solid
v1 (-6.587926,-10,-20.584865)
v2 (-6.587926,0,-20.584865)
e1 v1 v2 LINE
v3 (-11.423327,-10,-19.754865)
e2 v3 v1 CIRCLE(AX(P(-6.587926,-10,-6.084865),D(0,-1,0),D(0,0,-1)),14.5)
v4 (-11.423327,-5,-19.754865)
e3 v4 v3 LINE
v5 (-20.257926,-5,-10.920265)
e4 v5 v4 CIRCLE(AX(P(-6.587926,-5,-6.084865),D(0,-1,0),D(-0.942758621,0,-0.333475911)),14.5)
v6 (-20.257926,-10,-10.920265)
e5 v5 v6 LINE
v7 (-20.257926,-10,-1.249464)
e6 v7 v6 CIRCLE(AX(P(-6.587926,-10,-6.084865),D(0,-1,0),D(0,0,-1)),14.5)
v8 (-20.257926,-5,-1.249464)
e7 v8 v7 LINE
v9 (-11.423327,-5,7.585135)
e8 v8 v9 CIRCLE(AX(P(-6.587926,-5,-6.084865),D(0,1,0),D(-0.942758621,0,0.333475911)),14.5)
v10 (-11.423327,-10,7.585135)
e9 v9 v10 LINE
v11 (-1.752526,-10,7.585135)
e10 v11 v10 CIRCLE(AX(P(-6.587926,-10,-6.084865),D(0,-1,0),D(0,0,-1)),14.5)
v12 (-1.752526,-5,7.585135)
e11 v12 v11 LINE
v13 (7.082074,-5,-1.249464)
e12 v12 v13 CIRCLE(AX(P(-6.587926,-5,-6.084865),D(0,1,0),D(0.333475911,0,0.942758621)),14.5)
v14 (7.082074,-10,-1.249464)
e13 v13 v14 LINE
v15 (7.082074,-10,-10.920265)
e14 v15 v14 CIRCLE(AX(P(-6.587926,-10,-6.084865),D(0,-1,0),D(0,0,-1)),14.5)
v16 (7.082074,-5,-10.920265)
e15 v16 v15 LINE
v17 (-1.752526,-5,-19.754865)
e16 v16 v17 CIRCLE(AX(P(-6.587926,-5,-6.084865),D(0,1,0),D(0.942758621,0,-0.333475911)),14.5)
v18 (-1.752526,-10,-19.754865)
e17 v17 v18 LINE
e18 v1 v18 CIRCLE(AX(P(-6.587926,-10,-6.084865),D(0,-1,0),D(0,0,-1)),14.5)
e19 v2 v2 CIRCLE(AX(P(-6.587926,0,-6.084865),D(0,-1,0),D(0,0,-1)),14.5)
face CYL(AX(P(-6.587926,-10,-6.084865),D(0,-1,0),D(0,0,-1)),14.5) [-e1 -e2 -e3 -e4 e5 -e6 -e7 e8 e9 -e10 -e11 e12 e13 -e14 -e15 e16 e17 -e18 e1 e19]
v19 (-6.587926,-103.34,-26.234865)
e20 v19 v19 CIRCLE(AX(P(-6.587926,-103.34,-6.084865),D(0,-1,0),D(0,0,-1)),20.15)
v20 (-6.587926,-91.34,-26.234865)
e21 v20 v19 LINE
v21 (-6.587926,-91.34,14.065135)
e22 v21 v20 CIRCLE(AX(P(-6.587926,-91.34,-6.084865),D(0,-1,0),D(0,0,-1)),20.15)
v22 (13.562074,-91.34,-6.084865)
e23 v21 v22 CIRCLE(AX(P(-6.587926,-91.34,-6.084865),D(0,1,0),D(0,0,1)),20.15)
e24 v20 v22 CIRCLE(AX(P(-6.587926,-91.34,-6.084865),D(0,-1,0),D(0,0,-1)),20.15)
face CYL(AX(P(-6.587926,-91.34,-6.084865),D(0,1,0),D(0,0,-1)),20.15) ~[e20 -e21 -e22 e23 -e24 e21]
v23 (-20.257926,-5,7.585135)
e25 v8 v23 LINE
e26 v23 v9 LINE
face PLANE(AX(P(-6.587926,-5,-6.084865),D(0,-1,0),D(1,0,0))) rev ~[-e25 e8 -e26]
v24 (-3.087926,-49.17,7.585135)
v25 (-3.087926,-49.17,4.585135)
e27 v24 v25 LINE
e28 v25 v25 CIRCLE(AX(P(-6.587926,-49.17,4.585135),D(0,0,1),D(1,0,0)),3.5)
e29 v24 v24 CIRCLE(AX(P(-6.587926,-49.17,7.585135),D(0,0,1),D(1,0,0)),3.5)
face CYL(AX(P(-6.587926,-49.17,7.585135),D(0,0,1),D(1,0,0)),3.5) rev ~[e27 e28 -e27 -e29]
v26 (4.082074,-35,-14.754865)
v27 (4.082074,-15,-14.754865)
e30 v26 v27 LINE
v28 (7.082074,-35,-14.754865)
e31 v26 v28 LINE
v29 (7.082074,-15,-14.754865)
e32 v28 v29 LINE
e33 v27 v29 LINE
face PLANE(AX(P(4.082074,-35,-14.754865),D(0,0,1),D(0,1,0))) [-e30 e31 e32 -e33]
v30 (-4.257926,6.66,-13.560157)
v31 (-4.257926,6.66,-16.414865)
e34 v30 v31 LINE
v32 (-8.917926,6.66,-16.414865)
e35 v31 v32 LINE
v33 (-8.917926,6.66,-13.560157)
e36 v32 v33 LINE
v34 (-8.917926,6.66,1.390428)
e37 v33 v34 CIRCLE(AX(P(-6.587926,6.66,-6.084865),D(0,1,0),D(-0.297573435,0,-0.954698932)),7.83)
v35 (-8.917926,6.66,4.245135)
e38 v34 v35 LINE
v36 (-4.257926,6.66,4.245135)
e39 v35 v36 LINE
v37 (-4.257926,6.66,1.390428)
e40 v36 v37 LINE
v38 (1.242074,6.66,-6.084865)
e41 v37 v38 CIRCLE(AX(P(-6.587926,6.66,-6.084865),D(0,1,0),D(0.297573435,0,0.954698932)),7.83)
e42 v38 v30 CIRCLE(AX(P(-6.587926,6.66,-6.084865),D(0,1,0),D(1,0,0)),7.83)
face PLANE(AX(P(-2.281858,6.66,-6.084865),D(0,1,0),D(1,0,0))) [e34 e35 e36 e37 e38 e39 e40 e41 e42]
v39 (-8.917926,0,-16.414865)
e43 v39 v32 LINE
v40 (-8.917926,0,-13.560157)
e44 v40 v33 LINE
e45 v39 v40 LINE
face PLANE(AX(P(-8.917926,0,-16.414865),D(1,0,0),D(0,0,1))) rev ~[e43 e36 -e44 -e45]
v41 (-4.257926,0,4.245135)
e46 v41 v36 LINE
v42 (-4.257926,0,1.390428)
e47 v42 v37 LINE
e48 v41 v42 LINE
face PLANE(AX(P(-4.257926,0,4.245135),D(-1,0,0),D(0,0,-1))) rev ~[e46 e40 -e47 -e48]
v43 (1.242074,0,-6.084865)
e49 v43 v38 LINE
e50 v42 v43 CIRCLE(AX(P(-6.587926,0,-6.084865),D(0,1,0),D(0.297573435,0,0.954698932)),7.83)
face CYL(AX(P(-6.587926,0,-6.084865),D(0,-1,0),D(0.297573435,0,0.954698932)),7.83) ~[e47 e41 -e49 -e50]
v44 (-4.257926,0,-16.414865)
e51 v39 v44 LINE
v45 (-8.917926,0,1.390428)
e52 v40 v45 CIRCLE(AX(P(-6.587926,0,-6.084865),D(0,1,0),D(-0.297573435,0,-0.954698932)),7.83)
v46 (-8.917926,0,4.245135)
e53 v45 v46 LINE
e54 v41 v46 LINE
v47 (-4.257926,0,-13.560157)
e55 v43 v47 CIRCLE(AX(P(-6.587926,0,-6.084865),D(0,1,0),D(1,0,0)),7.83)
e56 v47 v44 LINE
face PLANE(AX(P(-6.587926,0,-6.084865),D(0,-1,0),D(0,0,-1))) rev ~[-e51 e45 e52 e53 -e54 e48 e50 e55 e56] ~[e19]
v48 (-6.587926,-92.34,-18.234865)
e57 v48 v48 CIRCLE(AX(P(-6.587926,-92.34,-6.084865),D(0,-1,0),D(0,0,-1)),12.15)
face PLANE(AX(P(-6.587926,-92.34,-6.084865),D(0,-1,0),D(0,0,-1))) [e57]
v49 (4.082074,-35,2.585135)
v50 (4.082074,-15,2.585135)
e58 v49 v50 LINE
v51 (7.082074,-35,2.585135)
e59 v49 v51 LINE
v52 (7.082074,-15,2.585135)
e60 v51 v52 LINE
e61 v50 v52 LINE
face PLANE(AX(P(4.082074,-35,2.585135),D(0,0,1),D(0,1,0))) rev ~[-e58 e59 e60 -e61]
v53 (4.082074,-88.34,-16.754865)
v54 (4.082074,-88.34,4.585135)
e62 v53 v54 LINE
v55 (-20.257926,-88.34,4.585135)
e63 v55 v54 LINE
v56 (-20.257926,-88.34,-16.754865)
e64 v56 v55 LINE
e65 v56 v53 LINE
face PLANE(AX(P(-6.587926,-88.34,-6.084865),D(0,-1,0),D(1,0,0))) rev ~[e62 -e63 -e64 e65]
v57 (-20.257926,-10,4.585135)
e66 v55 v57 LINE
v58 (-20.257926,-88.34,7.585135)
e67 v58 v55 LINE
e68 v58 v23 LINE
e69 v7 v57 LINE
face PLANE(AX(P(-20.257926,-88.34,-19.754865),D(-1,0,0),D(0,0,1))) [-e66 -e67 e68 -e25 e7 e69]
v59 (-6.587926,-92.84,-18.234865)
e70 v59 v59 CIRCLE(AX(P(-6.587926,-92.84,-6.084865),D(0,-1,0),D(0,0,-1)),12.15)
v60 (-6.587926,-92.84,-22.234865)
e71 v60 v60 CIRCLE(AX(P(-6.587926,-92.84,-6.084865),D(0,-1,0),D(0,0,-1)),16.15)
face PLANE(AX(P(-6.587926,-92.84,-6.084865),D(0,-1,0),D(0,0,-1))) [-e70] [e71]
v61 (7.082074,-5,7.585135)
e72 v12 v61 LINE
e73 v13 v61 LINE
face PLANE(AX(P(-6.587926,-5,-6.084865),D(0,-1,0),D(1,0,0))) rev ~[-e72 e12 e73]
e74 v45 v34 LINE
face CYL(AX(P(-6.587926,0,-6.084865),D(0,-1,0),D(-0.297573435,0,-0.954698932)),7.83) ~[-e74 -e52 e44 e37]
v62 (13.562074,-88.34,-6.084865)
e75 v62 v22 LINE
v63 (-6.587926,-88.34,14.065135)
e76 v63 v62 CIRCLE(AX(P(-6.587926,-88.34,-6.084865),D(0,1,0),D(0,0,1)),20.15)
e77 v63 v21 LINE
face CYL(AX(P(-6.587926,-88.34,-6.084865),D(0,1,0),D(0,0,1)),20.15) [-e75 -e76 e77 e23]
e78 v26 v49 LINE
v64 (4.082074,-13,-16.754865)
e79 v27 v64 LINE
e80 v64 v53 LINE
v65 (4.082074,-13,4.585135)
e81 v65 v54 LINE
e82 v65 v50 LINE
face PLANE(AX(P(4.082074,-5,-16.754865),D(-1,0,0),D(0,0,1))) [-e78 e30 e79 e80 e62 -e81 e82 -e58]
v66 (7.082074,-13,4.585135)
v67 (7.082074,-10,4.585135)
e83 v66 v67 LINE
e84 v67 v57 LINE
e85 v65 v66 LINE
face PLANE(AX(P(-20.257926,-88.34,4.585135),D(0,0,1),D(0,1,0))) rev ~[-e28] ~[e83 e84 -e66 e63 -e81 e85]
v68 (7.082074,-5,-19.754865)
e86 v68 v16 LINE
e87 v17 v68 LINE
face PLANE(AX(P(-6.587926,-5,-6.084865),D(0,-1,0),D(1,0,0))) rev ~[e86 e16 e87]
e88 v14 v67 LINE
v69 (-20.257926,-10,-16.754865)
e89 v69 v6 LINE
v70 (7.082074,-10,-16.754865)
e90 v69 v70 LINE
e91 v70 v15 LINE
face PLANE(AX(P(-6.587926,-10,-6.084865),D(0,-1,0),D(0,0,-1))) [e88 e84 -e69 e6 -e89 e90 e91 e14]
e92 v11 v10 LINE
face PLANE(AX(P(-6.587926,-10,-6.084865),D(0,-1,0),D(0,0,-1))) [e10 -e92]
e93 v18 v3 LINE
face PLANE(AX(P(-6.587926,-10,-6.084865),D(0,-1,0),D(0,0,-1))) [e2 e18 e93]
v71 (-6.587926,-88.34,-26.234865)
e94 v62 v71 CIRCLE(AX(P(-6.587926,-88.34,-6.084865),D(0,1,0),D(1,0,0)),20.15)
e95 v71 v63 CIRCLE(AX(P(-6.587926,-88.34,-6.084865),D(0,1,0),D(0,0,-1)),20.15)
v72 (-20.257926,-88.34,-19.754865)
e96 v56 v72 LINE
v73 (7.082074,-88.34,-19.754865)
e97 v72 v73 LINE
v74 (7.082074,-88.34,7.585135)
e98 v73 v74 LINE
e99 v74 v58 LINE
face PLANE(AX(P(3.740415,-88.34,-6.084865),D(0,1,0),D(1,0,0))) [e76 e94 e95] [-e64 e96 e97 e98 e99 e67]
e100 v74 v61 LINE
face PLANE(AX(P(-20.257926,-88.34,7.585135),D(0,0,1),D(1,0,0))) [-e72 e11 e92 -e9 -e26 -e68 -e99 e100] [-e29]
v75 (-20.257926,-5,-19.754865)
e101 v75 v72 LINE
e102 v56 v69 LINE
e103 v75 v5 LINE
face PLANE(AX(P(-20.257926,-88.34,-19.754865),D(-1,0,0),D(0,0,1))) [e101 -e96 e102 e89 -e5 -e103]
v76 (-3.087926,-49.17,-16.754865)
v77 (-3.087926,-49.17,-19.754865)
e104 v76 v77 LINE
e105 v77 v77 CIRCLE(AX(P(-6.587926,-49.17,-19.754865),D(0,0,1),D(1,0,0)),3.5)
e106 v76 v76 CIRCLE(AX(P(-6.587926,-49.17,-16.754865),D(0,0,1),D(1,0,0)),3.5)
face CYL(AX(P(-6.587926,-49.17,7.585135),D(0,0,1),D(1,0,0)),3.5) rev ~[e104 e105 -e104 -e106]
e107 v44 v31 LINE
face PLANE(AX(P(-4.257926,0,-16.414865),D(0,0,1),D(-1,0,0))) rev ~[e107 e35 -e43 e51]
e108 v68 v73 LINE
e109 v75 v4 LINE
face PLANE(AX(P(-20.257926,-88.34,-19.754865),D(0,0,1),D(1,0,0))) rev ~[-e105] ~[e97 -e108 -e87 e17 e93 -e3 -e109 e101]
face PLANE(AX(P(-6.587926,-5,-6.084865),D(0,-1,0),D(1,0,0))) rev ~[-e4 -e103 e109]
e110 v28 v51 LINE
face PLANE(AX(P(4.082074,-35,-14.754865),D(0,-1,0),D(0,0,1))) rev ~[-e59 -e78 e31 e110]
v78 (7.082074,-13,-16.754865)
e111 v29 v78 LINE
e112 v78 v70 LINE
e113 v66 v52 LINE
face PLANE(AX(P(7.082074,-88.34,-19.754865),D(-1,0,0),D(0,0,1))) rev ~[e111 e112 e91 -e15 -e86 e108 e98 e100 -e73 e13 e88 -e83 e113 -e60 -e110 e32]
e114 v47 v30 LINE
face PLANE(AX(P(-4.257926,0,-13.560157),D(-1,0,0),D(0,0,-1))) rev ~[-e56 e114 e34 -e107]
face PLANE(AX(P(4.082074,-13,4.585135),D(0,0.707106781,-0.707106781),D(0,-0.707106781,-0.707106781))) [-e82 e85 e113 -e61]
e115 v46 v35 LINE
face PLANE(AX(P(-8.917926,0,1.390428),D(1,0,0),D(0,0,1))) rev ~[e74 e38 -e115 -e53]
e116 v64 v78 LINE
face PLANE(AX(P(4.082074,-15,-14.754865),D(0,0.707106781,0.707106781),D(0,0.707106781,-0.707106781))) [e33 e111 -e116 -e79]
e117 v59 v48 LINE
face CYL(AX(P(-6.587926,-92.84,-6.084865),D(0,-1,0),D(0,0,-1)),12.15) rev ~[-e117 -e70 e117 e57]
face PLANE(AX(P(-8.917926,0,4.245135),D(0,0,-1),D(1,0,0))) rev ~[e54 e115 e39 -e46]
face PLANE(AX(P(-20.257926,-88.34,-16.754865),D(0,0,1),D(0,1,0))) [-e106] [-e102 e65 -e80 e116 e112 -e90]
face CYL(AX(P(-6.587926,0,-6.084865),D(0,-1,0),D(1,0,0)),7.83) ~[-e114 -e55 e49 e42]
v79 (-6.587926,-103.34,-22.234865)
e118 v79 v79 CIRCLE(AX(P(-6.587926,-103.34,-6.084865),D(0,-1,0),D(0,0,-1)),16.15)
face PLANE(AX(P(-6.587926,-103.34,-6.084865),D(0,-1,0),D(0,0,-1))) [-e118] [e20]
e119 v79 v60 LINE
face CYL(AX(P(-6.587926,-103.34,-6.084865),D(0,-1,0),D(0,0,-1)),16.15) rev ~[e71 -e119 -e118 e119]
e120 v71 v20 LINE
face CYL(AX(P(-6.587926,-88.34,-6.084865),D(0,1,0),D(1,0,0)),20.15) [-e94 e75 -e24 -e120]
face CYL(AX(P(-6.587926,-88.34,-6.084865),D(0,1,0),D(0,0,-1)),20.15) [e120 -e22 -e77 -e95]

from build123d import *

# Parameters (mm, degrees)
BOSS_EXTRUDE1_DEPTH = 6.66
BOSS_EXTRUDE2_START = 10
SKETCH3_R           = 14.5
BOSS_EXTRUDE2_DEPTH = 10
BOSS_EXTRUDE3_START = -5
SKETCH5_W           = 27.34
SKETCH5_H           = 27.34
SKETCH5_W_2         = 21.34
SKETCH5_H_2         = 21.34
BOSS_EXTRUDE3_DEPTH = 83.34
SKETCH6_W           = 21.34
SKETCH6_H           = 21.34
BOSS_EXTRUDE4_DEPTH = 5
SKETCH8_W           = 21.34
SKETCH8_H           = 78.34
CUT_EXTRUDE1_DEPTH  = 5
SKETCH9_W           = 21.34
SKETCH9_H           = 3
CUT_EXTRUDE2_DEPTH  = 5
SKETCH10_W          = 27.34
SKETCH10_H          = 27.34
BOSS_EXTRUDE5_DEPTH = 3
SKETCH11_R          = 20.15
BOSS_EXTRUDE6_DEPTH = 12
SKETCH12_R          = 16.15
CUT_EXTRUDE3_DEPTH  = 10.5
SKETCH13_R          = 12.15
CUT_EXTRUDE4_DEPTH  = 0.5
BOSS_EXTRUDE7_START = 3
BOSS_EXTRUDE7_DEPTH = 3
SKETCH19_R          = 3.5
CUT_EXTRUDE5_DEPTH  = 112.972606961
SKETCH20_W          = 17.34
SKETCH20_H          = 20
CUT_EXTRUDE6_DEPTH  = 111.983314599
CUT_EXTRUDE7_DEPTH  = 111.983314599


with BuildPart() as part:
    # Sketch2 → Boss-Extrude1 (new body)
    with BuildSketch(Plane(origin=(0, 0, 0), x_dir=(1, 0, 0), z_dir=(0, 1, 0))):
        with BuildLine():
            Line((-4.257926427, 13.560157214), (-4.257926427, -1.390428058))
            ThreePointArc((-4.257926427, -1.390428058), (-0.281073012, 1.444552088), (1.242073573, 6.084864578))
            ThreePointArc((1.242073573, 6.084864578), (-0.281073012, 10.725177067), (-4.257926427, 13.560157214))
        make_face()
        with BuildLine():
            Line((-8.917926427, 13.560157214), (-8.917926427, -1.390428058))
            ThreePointArc((-8.917926427, -1.390428058), (-6.587926427, -1.745135422), (-4.257926427, -1.390428058))
            Line((-4.257926427, -1.390428058), (-4.257926427, 13.560157214))
            ThreePointArc((-4.257926427, 13.560157214), (-6.587926427, 13.914864578), (-8.917926427, 13.560157214))
        make_face()
        with BuildLine():
            Line((-8.917926427, -1.390428058), (-8.917926427, -4.245135422))
            Line((-8.917926427, -4.245135422), (-4.257926427, -4.245135422))
            Line((-4.257926427, -4.245135422), (-4.257926427, -1.390428058))
            ThreePointArc((-4.257926427, -1.390428058), (-6.587926427, -1.745135422), (-8.917926427, -1.390428058))
        make_face()
        with BuildLine():
            ThreePointArc((-8.917926427, 13.560157214), (-14.417926427, 6.084864578), (-8.917926427, -1.390428058))
            Line((-8.917926427, -1.390428058), (-8.917926427, 13.560157214))
        make_face()
        with BuildLine():
            Line((-8.917926427, 16.414864578), (-8.917926427, 13.560157214))
            ThreePointArc((-8.917926427, 13.560157214), (-6.587926427, 13.914864578), (-4.257926427, 13.560157214))
            Line((-4.257926427, 13.560157214), (-4.257926427, 16.414864578))
            Line((-4.257926427, 16.414864578), (-8.917926427, 16.414864578))
        make_face()
    extrude(amount=BOSS_EXTRUDE1_DEPTH)

    # Sketch3 → Boss-Extrude2 (add)
    # profile 1 of 3: a face of its own
    with BuildSketch(Plane.XZ.offset(BOSS_EXTRUDE2_START)):
        with Locations(Location((-6.587926427, -6.084864578, 0), (0, 0, 270))):
            Circle(SKETCH3_R)
        with BuildLine():
            ThreePointArc((-4.257926427, -13.560157214), (1.242073573, -6.084864578), (-4.257926427, 1.390428058))
            Line((-4.257926427, 1.390428058), (-4.257926427, 4.245135422))
            Line((-4.257926427, 4.245135422), (-8.917926427, 4.245135422))
            Line((-8.917926427, 4.245135422), (-8.917926427, 1.390428058))
            ThreePointArc((-8.917926427, 1.390428058), (-14.417926427, -6.084864578), (-8.917926427, -13.560157214))
            Line((-8.917926427, -13.560157214), (-8.917926427, -16.414864578))
            Line((-8.917926427, -16.414864578), (-4.257926427, -16.414864578))
            Line((-4.257926427, -16.414864578), (-4.257926427, -13.560157214))
        make_face(mode=Mode.SUBTRACT)
    # profile 2 of 3: a face of its own
    with BuildSketch(Plane.XZ.offset(BOSS_EXTRUDE2_START)):
        with BuildLine():
            Line((-4.257926427, 4.245135422), (-6.587926427, 4.245135422))
            Line((-6.587926427, 4.245135422), (-6.587926427, -16.414864578))
            Line((-6.587926427, -16.414864578), (-4.257926427, -16.414864578))
            Line((-4.257926427, -16.414864578), (-4.257926427, -13.560157214))
            ThreePointArc((-4.257926427, -13.560157214), (1.242073573, -6.084864578), (-4.257926427, 1.390428058))
            Line((-4.257926427, 1.390428058), (-4.257926427, 4.245135422))
        make_face()
    # profile 3 of 3: a face of its own
    with BuildSketch(Plane.XZ.offset(BOSS_EXTRUDE2_START)):
        with BuildLine():
            Line((-6.587926427, -16.414864578), (-6.587926427, 4.245135422))
            Line((-6.587926427, 4.245135422), (-8.917926427, 4.245135422))
            Line((-8.917926427, 4.245135422), (-8.917926427, 1.390428058))
            ThreePointArc((-8.917926427, 1.390428058), (-14.417926427, -6.084864578), (-8.917926427, -13.560157214))
            Line((-8.917926427, -13.560157214), (-8.917926427, -16.414864578))
            Line((-8.917926427, -16.414864578), (-6.587926427, -16.414864578))
        make_face()
    extrude(amount=-BOSS_EXTRUDE2_DEPTH)

    # Sketch5 → Boss-Extrude3 (add)
    with BuildSketch(Plane.XZ.offset(10).offset(BOSS_EXTRUDE3_START)):
        with Locations((-6.587926427, -6.084864578)):
            Rectangle(SKETCH5_W, SKETCH5_H)
        with Locations((-6.587926427, -6.084864578)):
            Rectangle(SKETCH5_W_2, SKETCH5_H_2, mode=Mode.SUBTRACT)
    extrude(amount=BOSS_EXTRUDE3_DEPTH)

    # Sketch6 → Boss-Extrude4 (add)
    with BuildSketch(Plane.XZ.offset(10)):
        with Locations((-6.587926427, -6.084864578)):
            Rectangle(SKETCH6_W, SKETCH6_H)
    extrude(amount=-BOSS_EXTRUDE4_DEPTH)

    # Sketch8 → Cut-Extrude1 (cut)
    with BuildSketch(Plane.ZY.offset(20.257926427)):
        with Locations((-6.084864578, -49.17)):
            Rectangle(SKETCH8_W, SKETCH8_H)
    extrude(amount=-CUT_EXTRUDE1_DEPTH, mode=Mode.SUBTRACT)

    # Sketch9 → Cut-Extrude2 (cut)
    with BuildSketch(Plane.ZY.offset(-4.082073573)):
        with Locations((-6.084864578, -11.5)):
            Rectangle(SKETCH9_W, SKETCH9_H)
    extrude(amount=-CUT_EXTRUDE2_DEPTH, mode=Mode.SUBTRACT)

    # Sketch10 → Boss-Extrude5 (add)
    with BuildSketch(Plane.XZ.offset(88.34)):
        with Locations((-6.587926427, -6.084864578)):
            Rectangle(SKETCH10_W, SKETCH10_H)
    extrude(amount=BOSS_EXTRUDE5_DEPTH)

    # Sketch11 → Boss-Extrude6 (add)
    with BuildSketch(Plane(origin=(0, -91.34, 0), x_dir=(-1, 0, 0), z_dir=(0, -1, 0))):
        with Locations(Location((6.587926427, 6.084864578, 0), (0, 0, 90))):
            Circle(SKETCH11_R)
    extrude(amount=BOSS_EXTRUDE6_DEPTH)

    # Sketch12 → Cut-Extrude3 (cut)
    with BuildSketch(Plane.XZ.offset(103.34)):
        with Locations(Location((-6.587926427, -6.084864578, 0), (0, 0, 270))):
            Circle(SKETCH12_R)
    extrude(amount=-CUT_EXTRUDE3_DEPTH, mode=Mode.SUBTRACT)

    # Sketch13 → Cut-Extrude4 (cut)
    with BuildSketch(Plane.XZ.offset(92.84)):
        with Locations(Location((-6.587926427, -6.084864578, 0), (0, 0, 270))):
            Circle(SKETCH13_R)
    extrude(amount=-CUT_EXTRUDE4_DEPTH, mode=Mode.SUBTRACT)

    # Sketch14 → Boss-Extrude7 (add)
    with BuildSketch(Plane(origin=(0, -91.34, 0), x_dir=(1, 0, 0), z_dir=(0, 1, 0)).offset(BOSS_EXTRUDE7_START)):
        with BuildLine():
            Line((-6.587926427, -7.585135422), (-6.587926427, -14.065135422))
            ThreePointArc((-6.587926427, -14.065135422), (7.660275213, -8.163337063), (13.562073573, 6.084864578))
            ThreePointArc((13.562073573, 6.084864578), (7.660275213, 20.333066219), (-6.587926427, 26.234864578))
            Line((-6.587926427, 26.234864578), (-6.587926427, 19.754864578))
            Line((-6.587926427, 19.754864578), (7.082073573, 19.754864578))
            Line((7.082073573, 19.754864578), (7.082073573, -7.585135422))
            Line((7.082073573, -7.585135422), (-6.587926427, -7.585135422))
        make_face()
        with BuildLine():
            ThreePointArc((-6.587926427, 26.234864578), (-26.737926427, 6.084864578), (-6.587926427, -14.065135422))
            Line((-6.587926427, -14.065135422), (-6.587926427, -7.585135422))
            Line((-6.587926427, -7.585135422), (-20.257926427, -7.585135422))
            Line((-20.257926427, -7.585135422), (-20.257926427, 19.754864578))
            Line((-20.257926427, 19.754864578), (-6.587926427, 19.754864578))
            Line((-6.587926427, 19.754864578), (-6.587926427, 26.234864578))
        make_face()
    extrude(amount=-BOSS_EXTRUDE7_DEPTH)

    # Sketch19 → Cut-Extrude5 (cut, through all)
    with BuildSketch(Plane.XY.offset(7.585135422)):
        with Locations((-6.587926427, -49.17)):
            Circle(SKETCH19_R)
    extrude(amount=-CUT_EXTRUDE5_DEPTH, mode=Mode.SUBTRACT)

    # Sketch20 → Cut-Extrude6 (cut, through all)
    with BuildSketch(Plane.ZY.offset(-4.082073573)):
        with Locations((-6.084864578, -25)):
            Rectangle(SKETCH20_W, SKETCH20_H)
    extrude(amount=-CUT_EXTRUDE6_DEPTH, mode=Mode.SUBTRACT)

    # Sketch21 → Cut-Extrude7 (cut, through all)
    with BuildSketch(Plane.ZY.offset(-4.082073573)):
        Polygon((-14.754864578, -15), (-16.754864578, -13), (4.585135422, -13), (2.585135422, -15), align=None)
    extrude(amount=-CUT_EXTRUDE7_DEPTH, mode=Mode.SUBTRACT)


solid = part.part
